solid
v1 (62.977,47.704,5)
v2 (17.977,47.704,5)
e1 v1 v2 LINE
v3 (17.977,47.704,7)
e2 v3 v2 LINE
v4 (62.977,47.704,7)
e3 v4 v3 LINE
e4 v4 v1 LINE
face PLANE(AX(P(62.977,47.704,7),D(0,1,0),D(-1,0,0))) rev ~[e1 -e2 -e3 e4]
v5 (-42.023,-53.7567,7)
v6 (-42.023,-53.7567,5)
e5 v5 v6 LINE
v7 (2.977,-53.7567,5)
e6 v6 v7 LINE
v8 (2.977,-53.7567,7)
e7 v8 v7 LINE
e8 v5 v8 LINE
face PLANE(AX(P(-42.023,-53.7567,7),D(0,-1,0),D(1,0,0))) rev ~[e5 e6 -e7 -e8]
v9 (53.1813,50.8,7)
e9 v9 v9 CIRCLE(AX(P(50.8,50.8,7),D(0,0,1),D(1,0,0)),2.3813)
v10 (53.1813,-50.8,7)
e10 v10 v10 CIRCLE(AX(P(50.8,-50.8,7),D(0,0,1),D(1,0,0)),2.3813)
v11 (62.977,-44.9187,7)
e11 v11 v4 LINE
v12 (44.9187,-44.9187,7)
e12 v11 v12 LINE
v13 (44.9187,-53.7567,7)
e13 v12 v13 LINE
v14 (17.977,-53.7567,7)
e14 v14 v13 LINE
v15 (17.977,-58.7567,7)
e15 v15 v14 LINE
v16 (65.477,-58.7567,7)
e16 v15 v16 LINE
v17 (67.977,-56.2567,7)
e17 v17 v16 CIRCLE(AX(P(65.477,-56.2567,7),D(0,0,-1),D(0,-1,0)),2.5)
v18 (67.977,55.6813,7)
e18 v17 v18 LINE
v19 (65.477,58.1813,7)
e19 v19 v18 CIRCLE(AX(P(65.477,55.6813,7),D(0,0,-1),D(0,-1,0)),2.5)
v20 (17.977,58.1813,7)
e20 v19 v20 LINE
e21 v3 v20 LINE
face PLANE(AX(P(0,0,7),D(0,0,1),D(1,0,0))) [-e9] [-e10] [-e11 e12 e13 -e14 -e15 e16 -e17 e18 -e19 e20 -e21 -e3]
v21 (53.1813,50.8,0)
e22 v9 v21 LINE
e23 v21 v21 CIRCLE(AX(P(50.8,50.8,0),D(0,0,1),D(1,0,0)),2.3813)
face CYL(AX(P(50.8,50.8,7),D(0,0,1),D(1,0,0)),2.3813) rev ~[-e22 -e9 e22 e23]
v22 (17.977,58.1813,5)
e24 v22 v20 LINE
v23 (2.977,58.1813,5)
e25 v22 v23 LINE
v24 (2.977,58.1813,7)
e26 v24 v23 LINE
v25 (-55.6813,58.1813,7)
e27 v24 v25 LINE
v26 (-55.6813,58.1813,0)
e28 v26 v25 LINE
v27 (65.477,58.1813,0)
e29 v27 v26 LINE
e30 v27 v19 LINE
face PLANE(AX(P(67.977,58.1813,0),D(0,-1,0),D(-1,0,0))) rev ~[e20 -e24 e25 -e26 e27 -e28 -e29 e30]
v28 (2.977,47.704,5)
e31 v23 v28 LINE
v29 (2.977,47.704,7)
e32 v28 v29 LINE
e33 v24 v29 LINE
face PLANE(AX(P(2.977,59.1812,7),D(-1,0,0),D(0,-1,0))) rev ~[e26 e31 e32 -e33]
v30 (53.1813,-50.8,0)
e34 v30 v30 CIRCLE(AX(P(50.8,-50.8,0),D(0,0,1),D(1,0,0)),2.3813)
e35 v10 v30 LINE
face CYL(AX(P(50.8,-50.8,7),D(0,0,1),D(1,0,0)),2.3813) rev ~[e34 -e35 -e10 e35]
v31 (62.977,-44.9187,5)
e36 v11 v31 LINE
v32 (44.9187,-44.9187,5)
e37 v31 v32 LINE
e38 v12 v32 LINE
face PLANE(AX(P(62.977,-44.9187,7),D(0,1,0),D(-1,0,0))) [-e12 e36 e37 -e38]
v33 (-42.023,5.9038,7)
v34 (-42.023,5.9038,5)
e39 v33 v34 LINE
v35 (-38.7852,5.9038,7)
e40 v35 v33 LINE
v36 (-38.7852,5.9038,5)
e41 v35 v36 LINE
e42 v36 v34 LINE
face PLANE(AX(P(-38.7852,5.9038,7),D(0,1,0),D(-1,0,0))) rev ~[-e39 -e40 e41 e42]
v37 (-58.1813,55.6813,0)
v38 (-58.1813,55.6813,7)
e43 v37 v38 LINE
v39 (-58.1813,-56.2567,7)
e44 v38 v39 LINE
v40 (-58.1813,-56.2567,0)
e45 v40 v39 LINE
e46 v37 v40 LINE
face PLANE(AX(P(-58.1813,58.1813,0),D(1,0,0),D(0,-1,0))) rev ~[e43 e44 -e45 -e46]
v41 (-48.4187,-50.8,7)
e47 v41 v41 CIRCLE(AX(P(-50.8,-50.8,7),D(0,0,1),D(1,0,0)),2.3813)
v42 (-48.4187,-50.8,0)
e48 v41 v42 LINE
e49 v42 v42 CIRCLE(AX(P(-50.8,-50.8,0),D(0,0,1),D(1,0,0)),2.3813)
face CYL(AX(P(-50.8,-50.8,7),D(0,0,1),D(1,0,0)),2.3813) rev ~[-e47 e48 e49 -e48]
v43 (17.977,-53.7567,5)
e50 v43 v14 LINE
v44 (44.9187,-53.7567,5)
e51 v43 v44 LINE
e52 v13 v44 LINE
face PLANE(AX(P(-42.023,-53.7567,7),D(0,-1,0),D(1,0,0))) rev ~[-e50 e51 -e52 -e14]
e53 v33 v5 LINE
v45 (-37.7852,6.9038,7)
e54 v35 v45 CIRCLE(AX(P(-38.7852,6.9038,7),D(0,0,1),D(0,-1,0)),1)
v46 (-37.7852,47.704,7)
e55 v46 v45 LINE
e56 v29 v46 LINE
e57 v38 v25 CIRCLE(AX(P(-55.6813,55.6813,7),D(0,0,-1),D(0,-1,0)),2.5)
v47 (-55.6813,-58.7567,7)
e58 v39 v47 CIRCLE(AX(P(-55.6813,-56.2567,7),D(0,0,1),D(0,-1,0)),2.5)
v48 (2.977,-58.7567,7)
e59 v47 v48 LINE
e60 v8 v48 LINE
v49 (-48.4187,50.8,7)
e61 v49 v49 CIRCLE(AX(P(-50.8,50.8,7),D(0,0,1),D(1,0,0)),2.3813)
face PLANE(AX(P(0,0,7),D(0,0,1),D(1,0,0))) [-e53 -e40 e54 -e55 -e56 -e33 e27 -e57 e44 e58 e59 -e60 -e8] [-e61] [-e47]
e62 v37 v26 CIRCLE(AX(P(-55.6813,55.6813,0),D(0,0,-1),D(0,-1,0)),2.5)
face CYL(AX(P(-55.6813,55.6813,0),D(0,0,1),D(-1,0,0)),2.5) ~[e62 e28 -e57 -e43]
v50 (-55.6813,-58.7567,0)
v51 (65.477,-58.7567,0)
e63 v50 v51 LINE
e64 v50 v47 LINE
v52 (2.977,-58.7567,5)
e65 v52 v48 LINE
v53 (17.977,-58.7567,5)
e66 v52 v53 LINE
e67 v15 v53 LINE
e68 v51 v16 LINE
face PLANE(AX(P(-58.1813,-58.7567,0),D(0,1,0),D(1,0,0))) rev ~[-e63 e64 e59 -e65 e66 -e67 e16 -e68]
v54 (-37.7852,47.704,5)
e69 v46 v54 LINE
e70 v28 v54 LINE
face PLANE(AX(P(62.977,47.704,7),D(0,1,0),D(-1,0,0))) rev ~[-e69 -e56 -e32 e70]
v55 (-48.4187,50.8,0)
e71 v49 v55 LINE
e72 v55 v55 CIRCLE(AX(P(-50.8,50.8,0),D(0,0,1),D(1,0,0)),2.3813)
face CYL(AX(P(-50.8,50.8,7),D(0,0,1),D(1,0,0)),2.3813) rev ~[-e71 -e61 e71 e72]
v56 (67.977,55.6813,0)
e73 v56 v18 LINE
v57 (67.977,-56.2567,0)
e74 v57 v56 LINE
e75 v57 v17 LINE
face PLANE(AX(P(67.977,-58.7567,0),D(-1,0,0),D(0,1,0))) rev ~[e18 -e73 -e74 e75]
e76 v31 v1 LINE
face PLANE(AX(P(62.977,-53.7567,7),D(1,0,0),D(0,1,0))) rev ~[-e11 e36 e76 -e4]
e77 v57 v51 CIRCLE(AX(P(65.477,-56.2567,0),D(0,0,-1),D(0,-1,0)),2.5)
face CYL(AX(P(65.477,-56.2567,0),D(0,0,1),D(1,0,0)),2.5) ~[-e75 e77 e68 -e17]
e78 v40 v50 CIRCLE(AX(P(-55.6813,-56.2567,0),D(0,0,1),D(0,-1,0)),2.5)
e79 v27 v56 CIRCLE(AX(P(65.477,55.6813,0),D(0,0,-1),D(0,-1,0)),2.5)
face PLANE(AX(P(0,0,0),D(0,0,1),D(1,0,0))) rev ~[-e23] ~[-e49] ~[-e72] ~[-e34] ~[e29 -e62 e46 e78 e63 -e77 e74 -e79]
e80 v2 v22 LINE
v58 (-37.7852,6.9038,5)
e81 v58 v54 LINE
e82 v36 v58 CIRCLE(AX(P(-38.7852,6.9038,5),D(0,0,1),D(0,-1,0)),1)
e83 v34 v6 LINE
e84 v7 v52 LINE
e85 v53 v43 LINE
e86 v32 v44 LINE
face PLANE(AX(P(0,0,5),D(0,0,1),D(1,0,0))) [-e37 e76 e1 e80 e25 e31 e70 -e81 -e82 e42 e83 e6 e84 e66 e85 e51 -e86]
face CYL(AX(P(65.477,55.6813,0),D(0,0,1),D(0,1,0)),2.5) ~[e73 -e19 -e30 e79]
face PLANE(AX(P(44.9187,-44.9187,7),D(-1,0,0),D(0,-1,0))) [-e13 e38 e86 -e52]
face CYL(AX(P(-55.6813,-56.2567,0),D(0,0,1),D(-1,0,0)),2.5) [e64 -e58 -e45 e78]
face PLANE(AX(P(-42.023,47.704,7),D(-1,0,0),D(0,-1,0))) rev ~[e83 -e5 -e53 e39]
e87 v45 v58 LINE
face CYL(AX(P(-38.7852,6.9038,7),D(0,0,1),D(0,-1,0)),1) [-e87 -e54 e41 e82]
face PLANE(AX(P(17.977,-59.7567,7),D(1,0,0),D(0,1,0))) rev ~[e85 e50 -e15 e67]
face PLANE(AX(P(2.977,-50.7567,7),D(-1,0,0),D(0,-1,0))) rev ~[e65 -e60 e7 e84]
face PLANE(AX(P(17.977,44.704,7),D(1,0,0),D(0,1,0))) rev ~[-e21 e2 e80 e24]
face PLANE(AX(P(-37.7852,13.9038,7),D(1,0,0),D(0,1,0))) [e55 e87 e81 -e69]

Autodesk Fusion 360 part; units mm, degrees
ref_plane "WorkPlane1" through (0, 0, 7) normal (0, 0, 1) x (1, 0, 0)
sketch "Base Plate Sketch" plane through (0, 0, 0) normal (0, 0, 1) x (1, 0, 0)
  line L0 (-58.1813, -58.7567) -> (67.977, -58.7567)
  line L1 (67.977, -58.7567) -> (67.977, 58.1813)
  line L2 (67.977, 58.1813) -> (-58.1813, 58.1813)
  line L3 (-58.1813, 58.1813) -> (-58.1813, -58.7567)
extrude "Base Plate" add sketch "Base Plate Sketch" along normal blind 7
fillet "Fillet1" radius 2.5 4 edges at (-58.1813, 58.1813, 3.5) (67.977, 58.1813, 3.5) (67.977, -58.7567, 3.5) (-58.1813, -58.7567, 3.5)
sketch "Wafer Nest Pocket Sketch" plane through (0, 0, 7) normal (0, 0, 1) x (1, 0, 0)
  line L0 (-42.023, -53.7567) -> (62.977, -53.7567)
  line L1 (62.977, -53.7567) -> (62.977, 47.704)
  line L2 (62.977, 47.704) -> (-42.023, 47.704)
  line L3 (-42.023, 47.704) -> (-42.023, -53.7567)
extrude "Wafer Nest Pocket" cut sketch "Wafer Nest Pocket Sketch" against normal blind 2
sketch "Front-Center Access Relief Sketch" plane through (0, 0, 7) normal (0, 0, 1) x (1, 0, 0)
  line L0 (2.977, -59.7567) -> (17.977, -59.7567)
  line L1 (17.977, -59.7567) -> (17.977, -50.7567)
  line L2 (17.977, -50.7567) -> (2.977, -50.7567)
  line L3 (2.977, -50.7567) -> (2.977, -59.7567)
extrude "Front-Center Access Relief" cut sketch "Front-Center Access Relief Sketch" against normal blind 2
sketch "Rear-Center Access Relief Sketch" plane through (0, 0, 7) normal (0, 0, 1) x (1, 0, 0)
  line L0 (2.977, 44.704) -> (17.977, 44.704)
  line L1 (17.977, 44.704) -> (17.977, 59.1812)
  line L2 (17.977, 59.1812) -> (2.977, 59.1812)
  line L3 (2.977, 59.1812) -> (2.977, 44.704)
extrude "Rear-Center Access Relief" cut sketch "Rear-Center Access Relief Sketch" against normal blind 2
sketch "X Datum Square Sketch (165 deg / 9:30)" plane through (0, 0, 7) normal (0, 0, 1) x (1, 0, 0)
  line L0 (-45.7852, 13.9038) -> (-37.7852, 13.9038)
  line L1 (-37.7852, 13.9038) -> (-37.7852, 6.9038)
  arc A0 (-38.7852, 5.9038) -> (-37.7852, 6.9038) centre (-38.7852, 6.9038) ccw
  line L2 (-38.7852, 5.9038) -> (-45.7852, 5.9038)
  line L3 (-45.7852, 5.9038) -> (-45.7852, 13.9038)
extrude "X Datum Square (165 deg / 9:30, rounded corner)" add sketch "X Datum Square Sketch (165 deg / 9:30)" against normal blind 2
sketch "Left Wall Flush Above X-Datum Sketch" plane through (0, 0, 7) normal (0, 0, 1) x (1, 0, 0)
  line L0 (-42.023, 13.9038) -> (-37.7852, 13.9038)
  line L1 (-37.7852, 13.9038) -> (-37.7852, 47.704)
  line L2 (-37.7852, 47.704) -> (-42.023, 47.704)
  line L3 (-42.023, 47.704) -> (-42.023, 13.9038)
extrude "Left Wall Flush Above X-Datum" add sketch "Left Wall Flush Above X-Datum Sketch" against normal blind 2
sketch "Front-Right Corner Clip (dowel) Sketch" plane through (0, 0, 7) normal (0, 0, 1) x (1, 0, 0)
  line L0 (44.9187, -53.7567) -> (62.977, -53.7567)
  line L1 (62.977, -53.7567) -> (62.977, -44.9187)
  line L2 (62.977, -44.9187) -> (44.9187, -44.9187)
  line L3 (44.9187, -44.9187) -> (44.9187, -53.7567)
extrude "Front-Right Corner Clip (dowel)" add sketch "Front-Right Corner Clip (dowel) Sketch" against normal blind 2
sketch "Outer Front Left Dowel Bore Sketch" plane through (0, 0, 7) normal (0, 0, 1) x (1, 0, 0)
  circle A0 centre (-50.8, -50.8) radius 2.3813
extrude "Outer Front Left Dowel Bore" cut sketch "Outer Front Left Dowel Bore Sketch" against normal blind 7
sketch "Outer Front Right Dowel Bore Sketch" plane through (0, 0, 7) normal (0, 0, 1) x (1, 0, 0)
  circle A0 centre (50.8, -50.8) radius 2.3813
extrude "Outer Front Right Dowel Bore" cut sketch "Outer Front Right Dowel Bore Sketch" against normal blind 7
sketch "Outer Rear Left Dowel Bore Sketch" plane through (0, 0, 7) normal (0, 0, 1) x (1, 0, 0)
  circle A0 centre (-50.8, 50.8) radius 2.3813
extrude "Outer Rear Left Dowel Bore" cut sketch "Outer Rear Left Dowel Bore Sketch" against normal blind 7
sketch "Outer Rear Right Dowel Bore Sketch" plane through (0, 0, 7) normal (0, 0, 1) x (1, 0, 0)
  circle A0 centre (50.8, 50.8) radius 2.3813
extrude "Outer Rear Right Dowel Bore" cut sketch "Outer Rear Right Dowel Bore Sketch" against normal blind 7
equation "gridPitch = 25.4 mm" comment "Table hole-grid pitch"
equation "indexMove = 50.8 mm" comment "Two-grid-space indexing move"
equation "outerPinPatternSpan = 101.6 mm" comment "Four-space outer pin span"
equation "dowelDiameter = 4.7625 mm" comment "3/16 in steel locating dowel diameter"
equation "dowelHoleDiameter = 4.7625 mm" comment "3/16 in reamed dowel bore"
equation "plateEdgeMargin = 5.0 mm" comment "Solid margin, plate edge to nearest feature"
equation "plateWidth = 126.15825000000001 mm" comment "Computed plate width (X)"
equation "plateHeight = 116.93795079844435 mm" comment "Computed plate height (Y)"
equation "baseThickness = 7.0 mm" comment "Base plate thickness"
equation "pocketDepth = 2.0 mm" comment "Wafer-nest pocket depth"
equation "nestClearanceSide = 2.5 mm" comment "Left/right pocket-wall clearance"
equation "nestClearanceRear = 4.0 mm" comment "Rear pocket-wall clearance"
equation "filletRadius = 2.5 mm" comment "Base-plate corner fillet radius"
equation "primaryFlatClearance = 0.175 mm" comment "Front wall forward of nominal flat"
equation "xDatumSize = 8.0 mm" comment "Square X-datum block side"
equation "nestReliefWidth = 15.0 mm" comment "Front/rear access relief width"
equation "nestOffsetX = 7.29 mm" comment "Nest X from pin-square center"
equation "nestOffsetY = -4.95 mm" comment "Nest Y from pin-square center"
